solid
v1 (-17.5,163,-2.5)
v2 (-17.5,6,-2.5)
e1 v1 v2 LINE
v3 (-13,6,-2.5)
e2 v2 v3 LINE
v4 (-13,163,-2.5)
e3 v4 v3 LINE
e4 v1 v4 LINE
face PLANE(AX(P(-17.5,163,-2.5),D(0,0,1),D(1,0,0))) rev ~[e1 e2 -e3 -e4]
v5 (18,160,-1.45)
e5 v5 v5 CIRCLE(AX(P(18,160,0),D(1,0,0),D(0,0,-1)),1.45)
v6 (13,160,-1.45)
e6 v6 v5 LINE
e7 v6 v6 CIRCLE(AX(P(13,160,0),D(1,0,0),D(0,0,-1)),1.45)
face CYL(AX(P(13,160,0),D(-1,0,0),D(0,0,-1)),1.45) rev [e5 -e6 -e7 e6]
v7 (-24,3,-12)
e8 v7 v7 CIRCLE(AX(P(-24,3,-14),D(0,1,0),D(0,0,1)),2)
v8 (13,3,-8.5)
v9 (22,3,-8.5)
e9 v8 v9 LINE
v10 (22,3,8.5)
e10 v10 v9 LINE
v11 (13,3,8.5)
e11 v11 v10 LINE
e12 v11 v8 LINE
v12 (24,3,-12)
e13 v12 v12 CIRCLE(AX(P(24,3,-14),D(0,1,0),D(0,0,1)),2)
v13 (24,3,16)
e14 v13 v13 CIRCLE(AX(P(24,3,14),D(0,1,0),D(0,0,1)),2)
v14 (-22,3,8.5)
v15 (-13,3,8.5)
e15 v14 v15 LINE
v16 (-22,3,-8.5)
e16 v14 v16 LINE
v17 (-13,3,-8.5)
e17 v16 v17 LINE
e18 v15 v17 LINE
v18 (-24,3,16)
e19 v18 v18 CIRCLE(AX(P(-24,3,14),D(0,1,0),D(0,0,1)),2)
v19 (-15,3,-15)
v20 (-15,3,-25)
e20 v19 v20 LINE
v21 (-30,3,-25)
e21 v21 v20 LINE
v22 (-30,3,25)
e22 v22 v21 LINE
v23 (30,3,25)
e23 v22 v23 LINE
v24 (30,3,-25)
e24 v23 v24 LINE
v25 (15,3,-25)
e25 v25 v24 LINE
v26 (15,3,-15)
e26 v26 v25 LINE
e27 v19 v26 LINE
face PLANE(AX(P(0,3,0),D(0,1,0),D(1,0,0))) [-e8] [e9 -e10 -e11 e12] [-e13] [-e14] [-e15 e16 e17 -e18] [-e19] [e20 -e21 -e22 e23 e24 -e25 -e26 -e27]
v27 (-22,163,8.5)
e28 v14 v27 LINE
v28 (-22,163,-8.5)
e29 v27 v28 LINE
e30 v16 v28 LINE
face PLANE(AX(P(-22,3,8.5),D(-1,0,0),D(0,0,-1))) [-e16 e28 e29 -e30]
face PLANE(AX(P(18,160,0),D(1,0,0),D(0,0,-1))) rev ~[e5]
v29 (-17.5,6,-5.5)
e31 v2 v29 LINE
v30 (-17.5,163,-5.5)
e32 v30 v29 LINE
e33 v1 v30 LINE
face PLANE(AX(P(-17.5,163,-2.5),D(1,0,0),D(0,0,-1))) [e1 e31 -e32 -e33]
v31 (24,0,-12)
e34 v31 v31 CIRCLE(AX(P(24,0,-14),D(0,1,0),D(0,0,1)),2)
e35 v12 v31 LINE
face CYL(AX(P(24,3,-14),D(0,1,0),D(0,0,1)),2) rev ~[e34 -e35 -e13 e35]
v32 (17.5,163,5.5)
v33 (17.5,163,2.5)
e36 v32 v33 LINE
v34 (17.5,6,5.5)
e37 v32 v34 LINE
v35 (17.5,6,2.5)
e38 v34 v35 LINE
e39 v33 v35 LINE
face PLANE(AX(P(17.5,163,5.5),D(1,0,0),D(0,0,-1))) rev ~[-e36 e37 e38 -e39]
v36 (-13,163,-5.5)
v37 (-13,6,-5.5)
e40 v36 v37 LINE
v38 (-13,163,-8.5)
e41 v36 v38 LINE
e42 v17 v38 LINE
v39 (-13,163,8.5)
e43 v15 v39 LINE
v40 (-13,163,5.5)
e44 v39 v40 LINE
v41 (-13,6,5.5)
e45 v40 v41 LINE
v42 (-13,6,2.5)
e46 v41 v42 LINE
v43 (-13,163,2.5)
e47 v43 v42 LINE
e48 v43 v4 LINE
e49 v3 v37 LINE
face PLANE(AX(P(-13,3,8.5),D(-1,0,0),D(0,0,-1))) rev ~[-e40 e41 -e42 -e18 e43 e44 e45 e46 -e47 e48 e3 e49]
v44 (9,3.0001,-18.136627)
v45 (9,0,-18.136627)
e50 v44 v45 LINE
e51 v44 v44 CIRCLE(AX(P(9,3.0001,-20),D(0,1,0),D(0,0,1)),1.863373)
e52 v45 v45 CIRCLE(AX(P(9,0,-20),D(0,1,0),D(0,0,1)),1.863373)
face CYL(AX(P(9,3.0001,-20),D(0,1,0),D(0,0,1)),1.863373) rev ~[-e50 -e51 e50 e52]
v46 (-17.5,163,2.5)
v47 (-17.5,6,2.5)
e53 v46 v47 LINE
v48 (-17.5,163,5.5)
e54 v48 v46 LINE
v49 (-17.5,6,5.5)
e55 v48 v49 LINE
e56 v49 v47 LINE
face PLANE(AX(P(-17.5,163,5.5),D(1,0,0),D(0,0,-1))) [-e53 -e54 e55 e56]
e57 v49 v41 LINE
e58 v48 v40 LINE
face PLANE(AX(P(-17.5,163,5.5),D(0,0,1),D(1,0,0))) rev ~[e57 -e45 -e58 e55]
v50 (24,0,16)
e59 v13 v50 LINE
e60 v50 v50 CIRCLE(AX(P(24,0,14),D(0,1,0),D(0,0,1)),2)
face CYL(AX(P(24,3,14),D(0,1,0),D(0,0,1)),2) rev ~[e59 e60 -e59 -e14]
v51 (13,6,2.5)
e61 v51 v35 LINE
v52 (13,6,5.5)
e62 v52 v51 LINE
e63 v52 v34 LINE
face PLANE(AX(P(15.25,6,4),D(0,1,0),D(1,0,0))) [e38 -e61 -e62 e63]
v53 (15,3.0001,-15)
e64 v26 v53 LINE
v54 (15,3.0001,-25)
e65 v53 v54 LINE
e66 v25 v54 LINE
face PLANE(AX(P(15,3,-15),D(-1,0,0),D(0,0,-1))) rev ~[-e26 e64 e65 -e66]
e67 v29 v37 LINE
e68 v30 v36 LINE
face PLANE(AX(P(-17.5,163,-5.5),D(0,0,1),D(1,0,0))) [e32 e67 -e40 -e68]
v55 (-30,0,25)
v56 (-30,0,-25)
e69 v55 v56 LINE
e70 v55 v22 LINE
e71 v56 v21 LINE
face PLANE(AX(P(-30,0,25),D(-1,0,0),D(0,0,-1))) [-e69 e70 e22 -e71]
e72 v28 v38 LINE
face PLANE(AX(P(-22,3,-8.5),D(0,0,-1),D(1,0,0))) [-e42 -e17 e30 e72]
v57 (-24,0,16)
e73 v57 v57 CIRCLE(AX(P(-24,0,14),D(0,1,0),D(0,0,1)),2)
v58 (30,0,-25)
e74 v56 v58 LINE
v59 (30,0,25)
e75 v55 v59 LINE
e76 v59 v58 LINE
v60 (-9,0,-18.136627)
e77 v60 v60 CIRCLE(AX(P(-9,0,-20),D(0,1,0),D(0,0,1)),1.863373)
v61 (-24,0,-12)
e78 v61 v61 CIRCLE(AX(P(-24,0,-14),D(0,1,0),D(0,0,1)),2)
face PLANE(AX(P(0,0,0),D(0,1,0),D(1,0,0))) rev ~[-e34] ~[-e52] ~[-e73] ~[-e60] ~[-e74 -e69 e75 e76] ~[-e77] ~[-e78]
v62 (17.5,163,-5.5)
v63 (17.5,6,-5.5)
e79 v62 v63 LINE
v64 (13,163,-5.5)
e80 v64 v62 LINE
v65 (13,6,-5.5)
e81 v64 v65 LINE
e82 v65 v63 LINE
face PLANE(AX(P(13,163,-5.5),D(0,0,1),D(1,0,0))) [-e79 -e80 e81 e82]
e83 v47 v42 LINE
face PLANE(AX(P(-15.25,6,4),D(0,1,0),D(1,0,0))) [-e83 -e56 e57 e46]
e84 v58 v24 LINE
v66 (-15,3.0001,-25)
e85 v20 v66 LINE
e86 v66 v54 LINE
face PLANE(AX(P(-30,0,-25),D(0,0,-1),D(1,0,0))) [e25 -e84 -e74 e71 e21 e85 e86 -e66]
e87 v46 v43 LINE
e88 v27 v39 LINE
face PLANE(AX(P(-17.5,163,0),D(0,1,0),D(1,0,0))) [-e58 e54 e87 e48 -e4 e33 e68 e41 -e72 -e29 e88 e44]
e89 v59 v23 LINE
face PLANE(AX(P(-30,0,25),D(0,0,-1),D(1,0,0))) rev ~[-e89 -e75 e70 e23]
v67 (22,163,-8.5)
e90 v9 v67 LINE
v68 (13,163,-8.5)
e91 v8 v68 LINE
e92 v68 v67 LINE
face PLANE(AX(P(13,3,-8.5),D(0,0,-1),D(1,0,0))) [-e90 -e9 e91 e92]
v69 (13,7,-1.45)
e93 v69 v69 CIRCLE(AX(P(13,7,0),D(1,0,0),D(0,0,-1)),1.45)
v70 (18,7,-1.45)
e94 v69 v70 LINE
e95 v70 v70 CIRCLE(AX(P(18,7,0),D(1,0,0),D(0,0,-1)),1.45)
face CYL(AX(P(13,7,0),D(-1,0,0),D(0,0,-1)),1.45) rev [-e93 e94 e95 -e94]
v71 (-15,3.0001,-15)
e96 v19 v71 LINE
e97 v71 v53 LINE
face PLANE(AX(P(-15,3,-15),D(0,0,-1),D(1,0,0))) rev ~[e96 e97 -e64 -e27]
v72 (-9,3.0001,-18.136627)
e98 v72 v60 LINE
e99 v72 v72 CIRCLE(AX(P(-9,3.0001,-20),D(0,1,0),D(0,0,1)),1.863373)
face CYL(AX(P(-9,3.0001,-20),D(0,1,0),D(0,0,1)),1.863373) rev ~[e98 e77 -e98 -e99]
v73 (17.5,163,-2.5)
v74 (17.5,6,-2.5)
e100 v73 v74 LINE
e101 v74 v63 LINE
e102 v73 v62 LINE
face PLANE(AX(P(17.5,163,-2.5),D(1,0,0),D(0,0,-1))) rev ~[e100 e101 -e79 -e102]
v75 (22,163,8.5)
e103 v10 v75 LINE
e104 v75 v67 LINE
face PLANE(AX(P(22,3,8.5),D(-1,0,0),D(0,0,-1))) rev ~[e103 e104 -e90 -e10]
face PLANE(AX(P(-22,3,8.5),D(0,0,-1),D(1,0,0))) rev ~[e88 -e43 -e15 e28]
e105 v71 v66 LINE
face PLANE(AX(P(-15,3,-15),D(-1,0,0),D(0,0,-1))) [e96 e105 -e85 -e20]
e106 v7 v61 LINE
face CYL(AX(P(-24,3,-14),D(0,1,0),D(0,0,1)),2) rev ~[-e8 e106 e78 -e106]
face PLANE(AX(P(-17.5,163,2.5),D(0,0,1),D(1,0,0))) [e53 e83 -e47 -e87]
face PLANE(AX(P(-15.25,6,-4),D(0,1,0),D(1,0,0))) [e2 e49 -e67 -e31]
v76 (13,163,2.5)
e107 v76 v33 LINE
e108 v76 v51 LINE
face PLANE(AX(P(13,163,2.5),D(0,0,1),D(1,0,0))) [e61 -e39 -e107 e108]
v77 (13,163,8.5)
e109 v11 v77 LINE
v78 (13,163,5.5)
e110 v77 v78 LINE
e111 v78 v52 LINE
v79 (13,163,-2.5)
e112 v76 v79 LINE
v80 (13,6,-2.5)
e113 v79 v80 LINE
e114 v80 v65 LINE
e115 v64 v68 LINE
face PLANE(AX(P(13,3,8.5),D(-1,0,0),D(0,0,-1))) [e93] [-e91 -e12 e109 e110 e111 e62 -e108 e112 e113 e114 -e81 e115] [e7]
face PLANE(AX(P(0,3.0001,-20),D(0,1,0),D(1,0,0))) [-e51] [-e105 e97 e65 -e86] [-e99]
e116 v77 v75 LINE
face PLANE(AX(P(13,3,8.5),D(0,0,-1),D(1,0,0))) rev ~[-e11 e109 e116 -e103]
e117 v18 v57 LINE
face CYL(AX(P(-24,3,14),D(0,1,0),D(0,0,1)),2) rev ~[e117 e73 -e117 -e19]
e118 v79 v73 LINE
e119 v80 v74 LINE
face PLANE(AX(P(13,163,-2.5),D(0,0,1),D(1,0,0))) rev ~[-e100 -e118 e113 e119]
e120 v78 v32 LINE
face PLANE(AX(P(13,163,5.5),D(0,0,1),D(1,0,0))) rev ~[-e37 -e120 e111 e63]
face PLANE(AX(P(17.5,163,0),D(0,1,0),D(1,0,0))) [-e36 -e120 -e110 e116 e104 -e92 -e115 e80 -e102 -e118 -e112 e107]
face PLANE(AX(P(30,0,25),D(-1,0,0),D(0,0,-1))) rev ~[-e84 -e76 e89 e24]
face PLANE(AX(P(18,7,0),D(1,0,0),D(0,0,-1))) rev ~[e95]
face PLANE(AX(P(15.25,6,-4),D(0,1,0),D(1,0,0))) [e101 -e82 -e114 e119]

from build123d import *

# Parameters (mm, degrees)
SKETCH1_W           = 60
SKETCH1_H           = 50
BOSS_EXTRUDE1_DEPTH = 3
SKETCH2_W           = 9
SKETCH2_H           = 17
BOSS_EXTRUDE2_DEPTH = 160
SKETCH3_W           = 4.5
SKETCH3_H           = 3
CUT_EXTRUDE1_DEPTH  = 157
CUT_EXTRUDE2_START  = 26
SKETCH4_R           = 1.45
CUT_EXTRUDE2_DEPTH  = 5
CUT_EXTRUDE3_REACH  = 166.697
SKETCH5_R           = 2
SKETCH8_W           = 30
SKETCH8_H           = 10
BOSS_EXTRUDE3_DEPTH = 0.0001
CUT_EXTRUDE4_REACH  = 166.697
SKETCH9_R           = 1.863373193


with BuildPart() as part:
    # Sketch1 → Boss-Extrude1 (new body)
    with BuildSketch(Plane(origin=(0, 0, 0), x_dir=(1, 0, 0), z_dir=(0, 1, 0))):
        Rectangle(SKETCH1_W, SKETCH1_H)
    extrude(amount=BOSS_EXTRUDE1_DEPTH)

    # Sketch2 → Boss-Extrude2 (add)
    with BuildSketch(Plane(origin=(0, 3, 0), x_dir=(1, 0, 0), z_dir=(0, 1, 0))):
        with Locations((17.5, 0)):
            Rectangle(SKETCH2_W, SKETCH2_H)
        with Locations((-17.5, 0)):
            Rectangle(SKETCH2_W, SKETCH2_H)
    extrude(amount=BOSS_EXTRUDE2_DEPTH)

    # Sketch3 → Cut-Extrude1 (cut)
    with BuildSketch(Plane(origin=(0, 163, 0), x_dir=(1, 0, 0), z_dir=(0, 1, 0))):
        with Locations((-15.25, 4)):
            Rectangle(SKETCH3_W, SKETCH3_H)
        with Locations((-15.25, -4)):
            Rectangle(SKETCH3_W, SKETCH3_H)
        with Locations((15.25, -4)):
            Rectangle(SKETCH3_W, SKETCH3_H)
        with Locations((15.25, 4)):
            Rectangle(SKETCH3_W, SKETCH3_H)
    extrude(amount=-CUT_EXTRUDE1_DEPTH, mode=Mode.SUBTRACT)

    # Sketch4 → Cut-Extrude2 (cut)
    with BuildSketch(Plane(origin=(-13, 0, 0), x_dir=(0, 0, -1), z_dir=(1, 0, 0)).offset(CUT_EXTRUDE2_START)):
        with Locations((0, 7)):
            Circle(SKETCH4_R)
        with Locations((0, 160)):
            Circle(SKETCH4_R)
    extrude(amount=CUT_EXTRUDE2_DEPTH, mode=Mode.SUBTRACT)

    # Sketch5 → Cut-Extrude3 (cut, up to next)
    with BuildSketch(Plane(origin=(0, 3, 0), x_dir=(1, 0, 0), z_dir=(0, 1, 0)), mode=Mode.PRIVATE) as cut_extrude3_sk1:
        with Locations(Location((-24, 14, 0), (0, 0, 270))):
            Circle(SKETCH5_R)
    cut_extrude3_tool1 = extrude(cut_extrude3_sk1.sketch, amount=-CUT_EXTRUDE3_REACH, mode=Mode.PRIVATE) & part.part
    # Sketch5 → Cut-Extrude3 (cut, up to next)
    with BuildSketch(Plane(origin=(0, 3, 0), x_dir=(1, 0, 0), z_dir=(0, 1, 0)), mode=Mode.PRIVATE) as cut_extrude3_sk2:
        with Locations(Location((-24, -14, 0), (0, 0, 270))):
            Circle(SKETCH5_R)
    cut_extrude3_tool2 = extrude(cut_extrude3_sk2.sketch, amount=-CUT_EXTRUDE3_REACH, mode=Mode.PRIVATE) & part.part
    # Sketch5 → Cut-Extrude3 (cut, up to next)
    with BuildSketch(Plane(origin=(0, 3, 0), x_dir=(1, 0, 0), z_dir=(0, 1, 0)), mode=Mode.PRIVATE) as cut_extrude3_sk3:
        with Locations(Location((24, -14, 0), (0, 0, 270))):
            Circle(SKETCH5_R)
    cut_extrude3_tool3 = extrude(cut_extrude3_sk3.sketch, amount=-CUT_EXTRUDE3_REACH, mode=Mode.PRIVATE) & part.part
    # Sketch5 → Cut-Extrude3 (cut, up to next)
    with BuildSketch(Plane(origin=(0, 3, 0), x_dir=(1, 0, 0), z_dir=(0, 1, 0)), mode=Mode.PRIVATE) as cut_extrude3_sk4:
        with Locations(Location((24, 14, 0), (0, 0, 270))):
            Circle(SKETCH5_R)
    cut_extrude3_tool4 = extrude(cut_extrude3_sk4.sketch, amount=-CUT_EXTRUDE3_REACH, mode=Mode.PRIVATE) & part.part
    add(cut_extrude3_tool1.solids().sort_by_distance((-24, 3, -14))[0], mode=Mode.SUBTRACT)
    add(cut_extrude3_tool2.solids().sort_by_distance((-24, 3, 14))[0], mode=Mode.SUBTRACT)
    add(cut_extrude3_tool3.solids().sort_by_distance((24, 3, 14))[0], mode=Mode.SUBTRACT)
    add(cut_extrude3_tool4.solids().sort_by_distance((24, 3, -14))[0], mode=Mode.SUBTRACT)

    # Sketch8 → Boss-Extrude3 (add)
    with BuildSketch(Plane(origin=(0, 3, 0), x_dir=(1, 0, 0), z_dir=(0, 1, 0))):
        with Locations((0, 20)):
            Rectangle(SKETCH8_W, SKETCH8_H)
    extrude(amount=BOSS_EXTRUDE3_DEPTH)

    # Sketch9 → Cut-Extrude4 (cut, up to next)
    with BuildSketch(Plane(origin=(0, 3.0001, 0), x_dir=(1, 0, 0), z_dir=(0, 1, 0)), mode=Mode.PRIVATE) as cut_extrude4_sk1:
        with Locations(Location((-9, 20, 0), (0, 0, 270))):
            Circle(SKETCH9_R)
    cut_extrude4_tool1 = extrude(cut_extrude4_sk1.sketch, amount=-CUT_EXTRUDE4_REACH, mode=Mode.PRIVATE) & part.part
    # Sketch9 → Cut-Extrude4 (cut, up to next)
    with BuildSketch(Plane(origin=(0, 3.0001, 0), x_dir=(1, 0, 0), z_dir=(0, 1, 0)), mode=Mode.PRIVATE) as cut_extrude4_sk2:
        with Locations(Location((9, 20, 0), (0, 0, 270))):
            Circle(SKETCH9_R)
    cut_extrude4_tool2 = extrude(cut_extrude4_sk2.sketch, amount=-CUT_EXTRUDE4_REACH, mode=Mode.PRIVATE) & part.part
    add(cut_extrude4_tool1.solids().sort_by_distance((-9, 3.0001, -20))[0], mode=Mode.SUBTRACT)
    add(cut_extrude4_tool2.solids().sort_by_distance((9, 3.0001, -20))[0], mode=Mode.SUBTRACT)


solid = part.part
